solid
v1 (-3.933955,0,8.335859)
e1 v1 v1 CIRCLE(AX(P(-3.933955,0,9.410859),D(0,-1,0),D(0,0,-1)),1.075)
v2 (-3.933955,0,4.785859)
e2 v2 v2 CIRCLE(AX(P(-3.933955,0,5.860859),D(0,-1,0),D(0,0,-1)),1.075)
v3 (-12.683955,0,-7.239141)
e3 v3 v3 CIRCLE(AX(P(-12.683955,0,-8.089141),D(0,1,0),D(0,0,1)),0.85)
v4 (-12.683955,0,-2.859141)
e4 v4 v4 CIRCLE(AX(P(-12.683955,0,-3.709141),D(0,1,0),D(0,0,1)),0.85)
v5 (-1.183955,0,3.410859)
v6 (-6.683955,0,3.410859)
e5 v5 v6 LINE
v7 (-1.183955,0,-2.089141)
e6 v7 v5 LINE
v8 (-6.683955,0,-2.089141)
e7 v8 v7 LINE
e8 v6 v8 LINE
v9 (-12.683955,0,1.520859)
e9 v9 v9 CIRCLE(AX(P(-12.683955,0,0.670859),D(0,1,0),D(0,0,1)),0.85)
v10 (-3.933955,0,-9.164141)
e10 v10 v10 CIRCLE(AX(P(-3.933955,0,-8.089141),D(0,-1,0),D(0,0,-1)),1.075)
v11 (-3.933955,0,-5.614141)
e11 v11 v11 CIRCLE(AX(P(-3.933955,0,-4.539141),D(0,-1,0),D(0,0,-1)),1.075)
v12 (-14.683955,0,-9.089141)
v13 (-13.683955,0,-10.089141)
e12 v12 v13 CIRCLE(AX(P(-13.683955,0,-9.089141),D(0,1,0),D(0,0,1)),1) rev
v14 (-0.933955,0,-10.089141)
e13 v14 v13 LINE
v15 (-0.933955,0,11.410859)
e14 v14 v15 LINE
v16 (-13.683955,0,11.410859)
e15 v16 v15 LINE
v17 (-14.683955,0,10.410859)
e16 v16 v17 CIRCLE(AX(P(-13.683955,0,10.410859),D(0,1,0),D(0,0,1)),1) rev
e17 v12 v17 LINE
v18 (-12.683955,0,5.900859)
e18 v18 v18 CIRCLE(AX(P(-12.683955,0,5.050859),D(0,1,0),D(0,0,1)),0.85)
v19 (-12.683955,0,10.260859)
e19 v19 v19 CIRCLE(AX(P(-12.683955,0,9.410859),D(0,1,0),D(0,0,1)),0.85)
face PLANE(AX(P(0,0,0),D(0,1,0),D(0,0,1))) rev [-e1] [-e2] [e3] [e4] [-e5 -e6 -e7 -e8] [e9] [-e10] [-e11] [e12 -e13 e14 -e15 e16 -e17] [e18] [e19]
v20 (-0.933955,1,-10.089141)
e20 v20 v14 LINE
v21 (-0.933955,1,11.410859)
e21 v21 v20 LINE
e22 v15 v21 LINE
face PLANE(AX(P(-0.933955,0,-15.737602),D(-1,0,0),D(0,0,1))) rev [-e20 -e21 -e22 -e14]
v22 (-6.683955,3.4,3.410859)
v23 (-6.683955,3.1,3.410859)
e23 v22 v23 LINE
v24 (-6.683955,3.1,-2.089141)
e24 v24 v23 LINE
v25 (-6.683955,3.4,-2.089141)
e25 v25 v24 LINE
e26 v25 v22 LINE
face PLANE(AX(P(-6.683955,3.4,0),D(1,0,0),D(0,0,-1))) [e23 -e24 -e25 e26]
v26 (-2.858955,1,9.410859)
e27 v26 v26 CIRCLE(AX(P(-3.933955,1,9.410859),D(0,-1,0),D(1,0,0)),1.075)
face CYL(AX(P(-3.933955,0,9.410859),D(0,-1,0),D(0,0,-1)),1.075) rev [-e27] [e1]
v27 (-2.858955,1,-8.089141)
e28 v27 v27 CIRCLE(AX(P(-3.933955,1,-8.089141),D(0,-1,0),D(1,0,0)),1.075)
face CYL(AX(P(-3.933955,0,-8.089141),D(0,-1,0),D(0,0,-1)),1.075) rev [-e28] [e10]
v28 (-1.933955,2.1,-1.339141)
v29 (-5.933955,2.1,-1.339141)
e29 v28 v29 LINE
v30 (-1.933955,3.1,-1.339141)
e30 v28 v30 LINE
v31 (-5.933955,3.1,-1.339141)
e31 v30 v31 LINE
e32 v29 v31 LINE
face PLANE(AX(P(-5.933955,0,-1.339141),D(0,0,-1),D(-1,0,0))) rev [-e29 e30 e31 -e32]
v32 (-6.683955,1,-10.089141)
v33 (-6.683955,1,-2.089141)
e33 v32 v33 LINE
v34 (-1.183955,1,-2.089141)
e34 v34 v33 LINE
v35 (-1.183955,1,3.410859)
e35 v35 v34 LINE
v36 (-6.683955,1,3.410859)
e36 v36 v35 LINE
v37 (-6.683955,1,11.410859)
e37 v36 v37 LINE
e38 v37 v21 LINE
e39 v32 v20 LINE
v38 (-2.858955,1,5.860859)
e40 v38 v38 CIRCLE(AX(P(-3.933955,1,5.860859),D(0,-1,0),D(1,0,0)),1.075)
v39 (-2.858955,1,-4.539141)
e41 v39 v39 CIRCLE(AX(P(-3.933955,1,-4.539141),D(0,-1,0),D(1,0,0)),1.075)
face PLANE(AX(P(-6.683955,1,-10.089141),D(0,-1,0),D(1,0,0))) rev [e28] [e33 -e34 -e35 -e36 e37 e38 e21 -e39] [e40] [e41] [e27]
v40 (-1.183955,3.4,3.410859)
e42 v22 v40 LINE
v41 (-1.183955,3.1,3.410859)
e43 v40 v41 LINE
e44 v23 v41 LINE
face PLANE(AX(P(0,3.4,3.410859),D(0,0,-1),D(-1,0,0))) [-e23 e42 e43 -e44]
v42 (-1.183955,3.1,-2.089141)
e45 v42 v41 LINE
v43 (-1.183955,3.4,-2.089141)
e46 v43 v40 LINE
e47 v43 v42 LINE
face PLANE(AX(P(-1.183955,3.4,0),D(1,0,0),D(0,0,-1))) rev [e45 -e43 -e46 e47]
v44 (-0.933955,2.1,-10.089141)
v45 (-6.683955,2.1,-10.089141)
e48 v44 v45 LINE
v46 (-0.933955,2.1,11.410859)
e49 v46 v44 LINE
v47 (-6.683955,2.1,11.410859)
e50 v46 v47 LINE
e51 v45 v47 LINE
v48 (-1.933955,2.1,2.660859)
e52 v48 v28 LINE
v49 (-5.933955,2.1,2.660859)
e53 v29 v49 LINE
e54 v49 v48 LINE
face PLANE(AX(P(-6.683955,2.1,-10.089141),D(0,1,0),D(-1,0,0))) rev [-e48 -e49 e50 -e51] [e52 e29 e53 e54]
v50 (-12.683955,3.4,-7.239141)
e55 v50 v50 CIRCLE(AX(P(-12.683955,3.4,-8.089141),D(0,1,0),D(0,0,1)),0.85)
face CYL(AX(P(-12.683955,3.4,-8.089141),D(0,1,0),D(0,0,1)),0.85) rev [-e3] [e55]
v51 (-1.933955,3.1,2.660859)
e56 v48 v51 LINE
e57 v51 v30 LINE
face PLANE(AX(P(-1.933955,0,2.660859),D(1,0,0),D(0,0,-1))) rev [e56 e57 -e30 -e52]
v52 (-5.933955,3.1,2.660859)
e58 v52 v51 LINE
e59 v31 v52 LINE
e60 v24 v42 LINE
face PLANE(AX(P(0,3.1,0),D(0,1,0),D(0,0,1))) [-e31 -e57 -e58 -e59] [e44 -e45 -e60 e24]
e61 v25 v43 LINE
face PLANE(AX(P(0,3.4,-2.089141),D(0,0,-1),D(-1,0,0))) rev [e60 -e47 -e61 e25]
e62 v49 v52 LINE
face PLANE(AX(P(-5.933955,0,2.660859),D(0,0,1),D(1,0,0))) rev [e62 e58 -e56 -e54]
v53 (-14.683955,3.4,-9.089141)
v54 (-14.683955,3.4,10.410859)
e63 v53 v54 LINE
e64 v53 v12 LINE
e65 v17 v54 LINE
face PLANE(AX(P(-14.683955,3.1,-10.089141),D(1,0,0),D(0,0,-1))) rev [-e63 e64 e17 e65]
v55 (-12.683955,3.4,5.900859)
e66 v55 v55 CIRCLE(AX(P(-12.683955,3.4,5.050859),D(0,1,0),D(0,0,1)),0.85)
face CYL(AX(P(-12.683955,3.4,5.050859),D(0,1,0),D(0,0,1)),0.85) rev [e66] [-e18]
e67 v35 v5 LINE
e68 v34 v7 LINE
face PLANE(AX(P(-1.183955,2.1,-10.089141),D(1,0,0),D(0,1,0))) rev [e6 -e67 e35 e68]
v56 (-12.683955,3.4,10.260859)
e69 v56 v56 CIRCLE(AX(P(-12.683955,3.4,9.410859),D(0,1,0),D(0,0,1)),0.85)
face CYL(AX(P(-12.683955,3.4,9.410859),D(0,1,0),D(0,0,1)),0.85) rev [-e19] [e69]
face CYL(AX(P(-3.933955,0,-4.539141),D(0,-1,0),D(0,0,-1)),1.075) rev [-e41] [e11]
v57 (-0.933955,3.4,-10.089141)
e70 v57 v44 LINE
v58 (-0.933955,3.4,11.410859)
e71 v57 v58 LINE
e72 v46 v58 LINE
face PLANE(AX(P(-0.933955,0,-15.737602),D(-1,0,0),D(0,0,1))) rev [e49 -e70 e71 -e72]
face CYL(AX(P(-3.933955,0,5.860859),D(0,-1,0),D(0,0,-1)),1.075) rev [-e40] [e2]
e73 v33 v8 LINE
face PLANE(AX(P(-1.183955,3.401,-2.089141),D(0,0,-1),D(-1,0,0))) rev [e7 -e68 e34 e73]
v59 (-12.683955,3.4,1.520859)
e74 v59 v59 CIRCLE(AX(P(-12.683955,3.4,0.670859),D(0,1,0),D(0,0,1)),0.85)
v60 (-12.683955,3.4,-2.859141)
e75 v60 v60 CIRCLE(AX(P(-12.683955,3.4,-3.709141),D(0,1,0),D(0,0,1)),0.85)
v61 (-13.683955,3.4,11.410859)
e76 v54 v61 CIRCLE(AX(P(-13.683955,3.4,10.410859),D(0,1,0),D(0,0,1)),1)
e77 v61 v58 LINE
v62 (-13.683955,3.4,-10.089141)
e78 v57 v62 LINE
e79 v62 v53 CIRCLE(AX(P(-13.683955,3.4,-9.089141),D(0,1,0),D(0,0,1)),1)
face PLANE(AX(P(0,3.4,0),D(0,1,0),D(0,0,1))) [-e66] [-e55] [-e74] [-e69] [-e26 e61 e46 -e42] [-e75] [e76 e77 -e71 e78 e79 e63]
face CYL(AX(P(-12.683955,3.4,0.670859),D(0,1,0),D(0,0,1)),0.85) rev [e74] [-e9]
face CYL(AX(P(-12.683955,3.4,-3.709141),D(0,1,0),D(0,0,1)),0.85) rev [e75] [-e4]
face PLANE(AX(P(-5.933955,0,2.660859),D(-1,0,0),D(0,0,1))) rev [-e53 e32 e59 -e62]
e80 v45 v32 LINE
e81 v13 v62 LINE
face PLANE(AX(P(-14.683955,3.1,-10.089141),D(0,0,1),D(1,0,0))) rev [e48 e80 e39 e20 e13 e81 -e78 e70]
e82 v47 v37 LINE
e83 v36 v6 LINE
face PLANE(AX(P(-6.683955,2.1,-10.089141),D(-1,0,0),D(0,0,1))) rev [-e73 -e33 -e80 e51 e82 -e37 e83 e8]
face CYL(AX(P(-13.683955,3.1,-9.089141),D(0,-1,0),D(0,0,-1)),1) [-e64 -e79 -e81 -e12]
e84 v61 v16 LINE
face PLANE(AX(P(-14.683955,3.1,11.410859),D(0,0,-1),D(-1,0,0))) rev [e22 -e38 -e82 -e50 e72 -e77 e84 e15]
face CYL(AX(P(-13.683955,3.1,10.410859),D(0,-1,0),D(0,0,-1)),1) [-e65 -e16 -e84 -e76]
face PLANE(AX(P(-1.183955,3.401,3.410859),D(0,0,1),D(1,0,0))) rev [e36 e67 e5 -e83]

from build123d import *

# Parameters (mm, degrees)
SKETCH1_W                          = 21.5
SKETCH1_H                          = 21.5
BOSS_EXTRUDE1_DEPTH                = 3.1
SKETCH2_W                          = 5.5
SKETCH2_H                          = 1.1
CUT_EXTRUDE1_DEPTH                 = 27.219811656
SKETCH3_W                          = 21.5
SKETCH3_H                          = 21.5
SKETCH3_W_2                        = 5.5
SKETCH3_H_2                        = 5.5
BOSS_EXTRUDE2_DEPTH                = 0.3
SKETCH11_W                         = 4
SKETCH11_H                         = 4
CUT_EXTRUDE2_DEPTH                 = 19.85301637
TAP_DRILL_FOR_M2X0_4_TAP3_D        = 1.7
TAP_DRILL_FOR_M2_5X0_45_TAP1_D     = 2.15
TAP_DRILL_FOR_M2_5X0_45_TAP1_DEPTH = 1
CUT_EXTRUDE3_REACH                 = 20.905
SKETCH18_W                         = 5.5
SKETCH18_H                         = 5.5
FILLET3_R                          = 1
SKETCH21_W                         = 13.124555245
SKETCH21_H                         = 35.298127434
CUT_EXTRUDE8_DEPTH                 = 19.904661496
SKETCH22_W                         = 0.25
SKETCH22_H                         = 1.1
CUT_EXTRUDE9_DEPTH                 = 27.256970946


with BuildPart() as part:
    # Sketch1 → Boss-Extrude1 (new body)
    with BuildSketch(Plane(origin=(0, 0, 0), x_dir=(1, 0, 0), z_dir=(0, 1, 0))):
        with Locations((-3.933954619, -0.660858995)):
            Rectangle(SKETCH1_W, SKETCH1_H)
    extrude(amount=BOSS_EXTRUDE1_DEPTH)

    # Sketch2 → Cut-Extrude1 (cut, through all)
    with BuildSketch(Plane.XY.offset(11.410858995)):
        with Locations((-3.933954619, 1.55)):
            Rectangle(SKETCH2_W, SKETCH2_H)
    extrude(amount=-CUT_EXTRUDE1_DEPTH, mode=Mode.SUBTRACT)

    # Sketch3 → Boss-Extrude2 (add)
    with BuildSketch(Plane(origin=(0, 3.1, 0), x_dir=(1, 0, 0), z_dir=(0, 1, 0))):
        with Locations((-3.933954619, -0.660858995)):
            Rectangle(SKETCH3_W, SKETCH3_H)
        with Locations((-3.933954619, -0.660858995)):
            Rectangle(SKETCH3_W_2, SKETCH3_H_2, mode=Mode.SUBTRACT)
    extrude(amount=BOSS_EXTRUDE2_DEPTH)

    # Sketch11 → Cut-Extrude2 (cut, through all)
    with BuildSketch(Plane(origin=(0, 3.1, 0), x_dir=(1, 0, 0), z_dir=(0, 1, 0))):
        with Locations((-3.933954619, -0.660858995)):
            Rectangle(SKETCH11_W, SKETCH11_H)
    extrude(amount=-CUT_EXTRUDE2_DEPTH, mode=Mode.SUBTRACT)

    # Tap Drill for M2x0.4 Tap3 (through all)
    with Locations(Plane(origin=(0, 3.4, 0), x_dir=(1, 0, 0), z_dir=(0, 1, 0))):
        with Locations((-12.683954619, 8.089141005), (4.816045381, 8.089141005), (4.816045381, -9.410858995), (-12.683954619, -9.410858995), (-12.683954619, 3.709141005), (-12.683954619, -0.670858995), (-12.683954619, -5.050858995)):
            Hole(TAP_DRILL_FOR_M2X0_4_TAP3_D / 2)

    # Tap Drill for M2.5x0.45 Tap1
    with Locations(Plane(origin=(0, 0, 0), x_dir=(-1, 0, 0), z_dir=(0, -1, 0))):
        with Locations((3.933954619, 8.089141005), (3.933954619, -9.410858995), (3.933954619, 4.539141005), (3.933954619, -5.860858995)):
            Hole(TAP_DRILL_FOR_M2_5X0_45_TAP1_D / 2, depth=TAP_DRILL_FOR_M2_5X0_45_TAP1_DEPTH)

    # Sketch18 → Cut-Extrude3 (cut, up to next)
    with BuildSketch(Plane.XZ, mode=Mode.PRIVATE) as cut_extrude3_sk1:
        with Locations((-3.933954619, 0.660858995)):
            Rectangle(SKETCH18_W, SKETCH18_H)
    cut_extrude3_tool1 = extrude(cut_extrude3_sk1.sketch, amount=-CUT_EXTRUDE3_REACH, mode=Mode.PRIVATE) & part.part
    add(cut_extrude3_tool1.solids().sort_by_distance((-3.933955, 0, 0.660859))[0], mode=Mode.SUBTRACT)

    # Fillet3
    fillet3_edges = [part.edges().sort_by_distance(p)[0] for p in [
        (-14.683954619, 1.7, -10.089141005),
        (6.816045381, 1.7, -10.089141005),
        (6.816045381, 1.7, 11.410858995),
        (-14.683954619, 1.7, 11.410858995),
    ]]
    fillet(fillet3_edges, radius=FILLET3_R)

    # Sketch21 → Cut-Extrude8 (cut, through all)
    with BuildSketch(Plane(origin=(0, 3.4, 0), x_dir=(1, 0, 0), z_dir=(0, 1, 0))):
        with Locations((5.628323004, -1.911462044)):
            Rectangle(SKETCH21_W, SKETCH21_H)
    extrude(amount=-CUT_EXTRUDE8_DEPTH, mode=Mode.SUBTRACT)

    # Sketch22 → Cut-Extrude9 (cut, through all)
    with BuildSketch(Plane(origin=(0, 0, -10.089141005), x_dir=(-1, 0, 0), z_dir=(0, 0, -1))):
        with Locations((1.058954619, 1.55)):
            Rectangle(SKETCH22_W, SKETCH22_H)
    extrude(amount=-CUT_EXTRUDE9_DEPTH, mode=Mode.SUBTRACT)


solid = part.part
